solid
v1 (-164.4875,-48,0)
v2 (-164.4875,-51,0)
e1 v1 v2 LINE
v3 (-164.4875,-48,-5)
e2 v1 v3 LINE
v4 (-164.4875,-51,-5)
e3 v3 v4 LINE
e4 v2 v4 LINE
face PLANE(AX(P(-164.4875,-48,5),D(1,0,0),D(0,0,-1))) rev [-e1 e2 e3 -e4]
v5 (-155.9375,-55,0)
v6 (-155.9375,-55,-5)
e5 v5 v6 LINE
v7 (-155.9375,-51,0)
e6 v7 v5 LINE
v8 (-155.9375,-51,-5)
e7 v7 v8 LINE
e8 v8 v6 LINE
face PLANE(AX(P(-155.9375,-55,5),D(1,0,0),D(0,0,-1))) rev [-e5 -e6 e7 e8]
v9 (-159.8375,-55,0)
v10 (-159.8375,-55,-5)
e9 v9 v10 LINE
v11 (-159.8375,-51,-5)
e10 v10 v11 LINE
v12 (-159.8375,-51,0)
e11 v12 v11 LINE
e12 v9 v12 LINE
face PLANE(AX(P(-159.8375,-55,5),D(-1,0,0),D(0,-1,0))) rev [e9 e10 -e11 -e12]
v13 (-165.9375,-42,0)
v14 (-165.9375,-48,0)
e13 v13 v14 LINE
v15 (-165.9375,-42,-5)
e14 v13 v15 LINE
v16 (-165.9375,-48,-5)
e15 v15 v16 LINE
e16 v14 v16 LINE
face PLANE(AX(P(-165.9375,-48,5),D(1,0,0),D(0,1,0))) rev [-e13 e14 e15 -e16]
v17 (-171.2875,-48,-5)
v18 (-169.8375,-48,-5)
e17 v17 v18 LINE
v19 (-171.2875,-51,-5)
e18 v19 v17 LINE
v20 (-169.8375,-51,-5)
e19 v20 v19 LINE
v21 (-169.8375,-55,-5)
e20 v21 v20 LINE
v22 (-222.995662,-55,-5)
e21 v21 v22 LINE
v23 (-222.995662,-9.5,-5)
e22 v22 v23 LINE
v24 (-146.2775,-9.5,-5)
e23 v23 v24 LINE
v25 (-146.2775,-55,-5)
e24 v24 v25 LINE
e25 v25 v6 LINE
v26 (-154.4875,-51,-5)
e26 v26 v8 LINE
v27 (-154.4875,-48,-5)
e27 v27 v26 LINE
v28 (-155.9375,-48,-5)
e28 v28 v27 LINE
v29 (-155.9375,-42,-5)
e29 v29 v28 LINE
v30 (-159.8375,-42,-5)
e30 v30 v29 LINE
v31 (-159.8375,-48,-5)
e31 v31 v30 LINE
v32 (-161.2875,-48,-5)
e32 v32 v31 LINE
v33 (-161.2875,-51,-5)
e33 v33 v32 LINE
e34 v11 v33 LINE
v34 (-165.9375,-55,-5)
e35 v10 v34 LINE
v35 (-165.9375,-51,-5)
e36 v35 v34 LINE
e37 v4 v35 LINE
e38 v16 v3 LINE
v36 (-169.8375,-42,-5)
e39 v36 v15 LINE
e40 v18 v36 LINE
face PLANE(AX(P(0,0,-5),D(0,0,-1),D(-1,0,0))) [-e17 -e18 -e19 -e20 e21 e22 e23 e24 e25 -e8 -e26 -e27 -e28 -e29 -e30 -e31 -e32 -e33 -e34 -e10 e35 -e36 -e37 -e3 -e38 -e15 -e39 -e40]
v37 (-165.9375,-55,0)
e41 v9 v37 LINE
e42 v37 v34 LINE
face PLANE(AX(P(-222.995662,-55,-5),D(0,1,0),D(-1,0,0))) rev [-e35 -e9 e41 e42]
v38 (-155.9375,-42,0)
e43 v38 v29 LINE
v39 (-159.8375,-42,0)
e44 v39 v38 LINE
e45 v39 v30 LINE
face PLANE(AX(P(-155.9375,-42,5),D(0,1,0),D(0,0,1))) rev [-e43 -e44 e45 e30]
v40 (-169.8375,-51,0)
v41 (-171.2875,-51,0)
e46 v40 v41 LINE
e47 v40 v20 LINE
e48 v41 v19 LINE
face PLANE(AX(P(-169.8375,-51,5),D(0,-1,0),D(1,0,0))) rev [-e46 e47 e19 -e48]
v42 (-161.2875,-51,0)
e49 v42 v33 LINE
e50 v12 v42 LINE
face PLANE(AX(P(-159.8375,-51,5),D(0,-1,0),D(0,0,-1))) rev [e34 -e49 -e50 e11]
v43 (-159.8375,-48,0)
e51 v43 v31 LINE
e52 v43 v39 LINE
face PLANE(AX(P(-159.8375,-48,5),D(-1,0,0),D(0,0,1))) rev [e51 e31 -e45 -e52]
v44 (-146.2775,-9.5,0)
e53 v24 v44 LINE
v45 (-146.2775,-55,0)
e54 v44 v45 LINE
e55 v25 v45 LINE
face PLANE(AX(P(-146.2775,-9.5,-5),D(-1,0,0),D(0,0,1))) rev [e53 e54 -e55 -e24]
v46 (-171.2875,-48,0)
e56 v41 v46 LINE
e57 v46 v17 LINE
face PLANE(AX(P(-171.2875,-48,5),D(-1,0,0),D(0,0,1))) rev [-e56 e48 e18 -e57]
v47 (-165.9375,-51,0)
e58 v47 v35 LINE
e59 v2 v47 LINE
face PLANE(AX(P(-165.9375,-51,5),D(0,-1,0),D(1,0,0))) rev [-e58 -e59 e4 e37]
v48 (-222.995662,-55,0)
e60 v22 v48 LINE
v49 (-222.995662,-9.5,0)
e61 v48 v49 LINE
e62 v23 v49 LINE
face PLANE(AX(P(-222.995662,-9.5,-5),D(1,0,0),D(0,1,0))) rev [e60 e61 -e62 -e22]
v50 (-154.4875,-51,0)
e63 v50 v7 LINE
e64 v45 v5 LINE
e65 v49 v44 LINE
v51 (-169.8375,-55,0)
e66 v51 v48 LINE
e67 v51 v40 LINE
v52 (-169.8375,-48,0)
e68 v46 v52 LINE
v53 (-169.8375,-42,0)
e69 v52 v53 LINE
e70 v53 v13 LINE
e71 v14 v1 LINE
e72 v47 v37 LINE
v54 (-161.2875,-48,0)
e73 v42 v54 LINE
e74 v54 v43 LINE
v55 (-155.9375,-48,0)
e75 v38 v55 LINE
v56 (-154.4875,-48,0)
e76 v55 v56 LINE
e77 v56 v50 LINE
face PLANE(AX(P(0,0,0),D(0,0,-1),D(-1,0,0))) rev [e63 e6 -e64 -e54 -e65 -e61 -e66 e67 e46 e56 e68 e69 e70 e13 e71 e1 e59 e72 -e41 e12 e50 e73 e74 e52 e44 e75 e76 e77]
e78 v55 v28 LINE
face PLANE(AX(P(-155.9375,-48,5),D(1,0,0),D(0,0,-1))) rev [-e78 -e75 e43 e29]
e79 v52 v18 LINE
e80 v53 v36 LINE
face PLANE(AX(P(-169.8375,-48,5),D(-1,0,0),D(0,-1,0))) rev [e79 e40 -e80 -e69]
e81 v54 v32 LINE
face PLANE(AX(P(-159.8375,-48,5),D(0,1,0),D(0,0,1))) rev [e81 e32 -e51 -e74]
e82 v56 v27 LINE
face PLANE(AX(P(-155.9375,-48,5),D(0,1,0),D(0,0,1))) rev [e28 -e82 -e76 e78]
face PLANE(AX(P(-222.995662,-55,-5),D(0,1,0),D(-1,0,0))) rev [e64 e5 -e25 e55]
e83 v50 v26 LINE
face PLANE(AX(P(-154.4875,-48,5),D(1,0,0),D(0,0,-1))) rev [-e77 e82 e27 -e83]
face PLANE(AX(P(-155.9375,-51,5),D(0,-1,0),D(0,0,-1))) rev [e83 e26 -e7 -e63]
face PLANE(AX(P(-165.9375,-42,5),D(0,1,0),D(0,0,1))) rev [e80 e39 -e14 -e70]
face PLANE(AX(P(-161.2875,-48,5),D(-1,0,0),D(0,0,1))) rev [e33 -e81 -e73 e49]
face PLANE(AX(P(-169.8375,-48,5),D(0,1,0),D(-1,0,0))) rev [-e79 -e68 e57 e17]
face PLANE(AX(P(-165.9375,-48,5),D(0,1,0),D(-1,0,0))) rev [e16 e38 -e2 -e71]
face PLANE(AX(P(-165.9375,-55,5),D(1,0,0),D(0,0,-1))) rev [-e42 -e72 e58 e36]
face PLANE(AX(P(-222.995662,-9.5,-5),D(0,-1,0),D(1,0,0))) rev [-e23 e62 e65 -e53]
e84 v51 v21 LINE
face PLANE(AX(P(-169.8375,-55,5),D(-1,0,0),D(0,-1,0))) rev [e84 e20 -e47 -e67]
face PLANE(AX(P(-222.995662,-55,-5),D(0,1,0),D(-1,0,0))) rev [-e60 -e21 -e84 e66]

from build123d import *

# Parameters (mm, degrees)
SKETCH2_W           = 76.718161642
SKETCH2_H           = 45.5
BOSS_EXTRUDE1_DEPTH = 5
CUT_EXTRUDE1_DEPTH  = 10


with BuildPart() as part:
    # Sketch2 → Boss-Extrude1 (new body)
    with BuildSketch(Plane(origin=(0, 0, 0), x_dir=(-1, 0, 0), z_dir=(0, 0, -1))):
        with Locations((184.636580821, -32.25)):
            Rectangle(SKETCH2_W, SKETCH2_H)
    extrude(amount=BOSS_EXTRUDE1_DEPTH)

    # Sketch3 → Cut-Extrude1 (cut)
    with BuildSketch(Plane(origin=(0, 0, -5), x_dir=(-1, 0, 0), z_dir=(0, 0, -1))):
        Polygon((155.9375, -55), (155.9375, -51), (154.4875, -51), (154.4875, -48), (155.9375, -48), (155.9375, -42), (159.8375, -42), (159.8375, -48), (161.2875, -48), (161.2875, -51), (159.8375, -51), (159.8375, -55), align=None)
        Polygon((165.9375, -55), (165.9375, -51), (164.4875, -51), (164.4875, -48), (165.9375, -48), (165.9375, -42), (169.8375, -42), (169.8375, -48), (171.2875, -48), (171.2875, -51), (169.8375, -51), (169.8375, -55), align=None)
    extrude(amount=-CUT_EXTRUDE1_DEPTH, mode=Mode.SUBTRACT)


solid = part.part
